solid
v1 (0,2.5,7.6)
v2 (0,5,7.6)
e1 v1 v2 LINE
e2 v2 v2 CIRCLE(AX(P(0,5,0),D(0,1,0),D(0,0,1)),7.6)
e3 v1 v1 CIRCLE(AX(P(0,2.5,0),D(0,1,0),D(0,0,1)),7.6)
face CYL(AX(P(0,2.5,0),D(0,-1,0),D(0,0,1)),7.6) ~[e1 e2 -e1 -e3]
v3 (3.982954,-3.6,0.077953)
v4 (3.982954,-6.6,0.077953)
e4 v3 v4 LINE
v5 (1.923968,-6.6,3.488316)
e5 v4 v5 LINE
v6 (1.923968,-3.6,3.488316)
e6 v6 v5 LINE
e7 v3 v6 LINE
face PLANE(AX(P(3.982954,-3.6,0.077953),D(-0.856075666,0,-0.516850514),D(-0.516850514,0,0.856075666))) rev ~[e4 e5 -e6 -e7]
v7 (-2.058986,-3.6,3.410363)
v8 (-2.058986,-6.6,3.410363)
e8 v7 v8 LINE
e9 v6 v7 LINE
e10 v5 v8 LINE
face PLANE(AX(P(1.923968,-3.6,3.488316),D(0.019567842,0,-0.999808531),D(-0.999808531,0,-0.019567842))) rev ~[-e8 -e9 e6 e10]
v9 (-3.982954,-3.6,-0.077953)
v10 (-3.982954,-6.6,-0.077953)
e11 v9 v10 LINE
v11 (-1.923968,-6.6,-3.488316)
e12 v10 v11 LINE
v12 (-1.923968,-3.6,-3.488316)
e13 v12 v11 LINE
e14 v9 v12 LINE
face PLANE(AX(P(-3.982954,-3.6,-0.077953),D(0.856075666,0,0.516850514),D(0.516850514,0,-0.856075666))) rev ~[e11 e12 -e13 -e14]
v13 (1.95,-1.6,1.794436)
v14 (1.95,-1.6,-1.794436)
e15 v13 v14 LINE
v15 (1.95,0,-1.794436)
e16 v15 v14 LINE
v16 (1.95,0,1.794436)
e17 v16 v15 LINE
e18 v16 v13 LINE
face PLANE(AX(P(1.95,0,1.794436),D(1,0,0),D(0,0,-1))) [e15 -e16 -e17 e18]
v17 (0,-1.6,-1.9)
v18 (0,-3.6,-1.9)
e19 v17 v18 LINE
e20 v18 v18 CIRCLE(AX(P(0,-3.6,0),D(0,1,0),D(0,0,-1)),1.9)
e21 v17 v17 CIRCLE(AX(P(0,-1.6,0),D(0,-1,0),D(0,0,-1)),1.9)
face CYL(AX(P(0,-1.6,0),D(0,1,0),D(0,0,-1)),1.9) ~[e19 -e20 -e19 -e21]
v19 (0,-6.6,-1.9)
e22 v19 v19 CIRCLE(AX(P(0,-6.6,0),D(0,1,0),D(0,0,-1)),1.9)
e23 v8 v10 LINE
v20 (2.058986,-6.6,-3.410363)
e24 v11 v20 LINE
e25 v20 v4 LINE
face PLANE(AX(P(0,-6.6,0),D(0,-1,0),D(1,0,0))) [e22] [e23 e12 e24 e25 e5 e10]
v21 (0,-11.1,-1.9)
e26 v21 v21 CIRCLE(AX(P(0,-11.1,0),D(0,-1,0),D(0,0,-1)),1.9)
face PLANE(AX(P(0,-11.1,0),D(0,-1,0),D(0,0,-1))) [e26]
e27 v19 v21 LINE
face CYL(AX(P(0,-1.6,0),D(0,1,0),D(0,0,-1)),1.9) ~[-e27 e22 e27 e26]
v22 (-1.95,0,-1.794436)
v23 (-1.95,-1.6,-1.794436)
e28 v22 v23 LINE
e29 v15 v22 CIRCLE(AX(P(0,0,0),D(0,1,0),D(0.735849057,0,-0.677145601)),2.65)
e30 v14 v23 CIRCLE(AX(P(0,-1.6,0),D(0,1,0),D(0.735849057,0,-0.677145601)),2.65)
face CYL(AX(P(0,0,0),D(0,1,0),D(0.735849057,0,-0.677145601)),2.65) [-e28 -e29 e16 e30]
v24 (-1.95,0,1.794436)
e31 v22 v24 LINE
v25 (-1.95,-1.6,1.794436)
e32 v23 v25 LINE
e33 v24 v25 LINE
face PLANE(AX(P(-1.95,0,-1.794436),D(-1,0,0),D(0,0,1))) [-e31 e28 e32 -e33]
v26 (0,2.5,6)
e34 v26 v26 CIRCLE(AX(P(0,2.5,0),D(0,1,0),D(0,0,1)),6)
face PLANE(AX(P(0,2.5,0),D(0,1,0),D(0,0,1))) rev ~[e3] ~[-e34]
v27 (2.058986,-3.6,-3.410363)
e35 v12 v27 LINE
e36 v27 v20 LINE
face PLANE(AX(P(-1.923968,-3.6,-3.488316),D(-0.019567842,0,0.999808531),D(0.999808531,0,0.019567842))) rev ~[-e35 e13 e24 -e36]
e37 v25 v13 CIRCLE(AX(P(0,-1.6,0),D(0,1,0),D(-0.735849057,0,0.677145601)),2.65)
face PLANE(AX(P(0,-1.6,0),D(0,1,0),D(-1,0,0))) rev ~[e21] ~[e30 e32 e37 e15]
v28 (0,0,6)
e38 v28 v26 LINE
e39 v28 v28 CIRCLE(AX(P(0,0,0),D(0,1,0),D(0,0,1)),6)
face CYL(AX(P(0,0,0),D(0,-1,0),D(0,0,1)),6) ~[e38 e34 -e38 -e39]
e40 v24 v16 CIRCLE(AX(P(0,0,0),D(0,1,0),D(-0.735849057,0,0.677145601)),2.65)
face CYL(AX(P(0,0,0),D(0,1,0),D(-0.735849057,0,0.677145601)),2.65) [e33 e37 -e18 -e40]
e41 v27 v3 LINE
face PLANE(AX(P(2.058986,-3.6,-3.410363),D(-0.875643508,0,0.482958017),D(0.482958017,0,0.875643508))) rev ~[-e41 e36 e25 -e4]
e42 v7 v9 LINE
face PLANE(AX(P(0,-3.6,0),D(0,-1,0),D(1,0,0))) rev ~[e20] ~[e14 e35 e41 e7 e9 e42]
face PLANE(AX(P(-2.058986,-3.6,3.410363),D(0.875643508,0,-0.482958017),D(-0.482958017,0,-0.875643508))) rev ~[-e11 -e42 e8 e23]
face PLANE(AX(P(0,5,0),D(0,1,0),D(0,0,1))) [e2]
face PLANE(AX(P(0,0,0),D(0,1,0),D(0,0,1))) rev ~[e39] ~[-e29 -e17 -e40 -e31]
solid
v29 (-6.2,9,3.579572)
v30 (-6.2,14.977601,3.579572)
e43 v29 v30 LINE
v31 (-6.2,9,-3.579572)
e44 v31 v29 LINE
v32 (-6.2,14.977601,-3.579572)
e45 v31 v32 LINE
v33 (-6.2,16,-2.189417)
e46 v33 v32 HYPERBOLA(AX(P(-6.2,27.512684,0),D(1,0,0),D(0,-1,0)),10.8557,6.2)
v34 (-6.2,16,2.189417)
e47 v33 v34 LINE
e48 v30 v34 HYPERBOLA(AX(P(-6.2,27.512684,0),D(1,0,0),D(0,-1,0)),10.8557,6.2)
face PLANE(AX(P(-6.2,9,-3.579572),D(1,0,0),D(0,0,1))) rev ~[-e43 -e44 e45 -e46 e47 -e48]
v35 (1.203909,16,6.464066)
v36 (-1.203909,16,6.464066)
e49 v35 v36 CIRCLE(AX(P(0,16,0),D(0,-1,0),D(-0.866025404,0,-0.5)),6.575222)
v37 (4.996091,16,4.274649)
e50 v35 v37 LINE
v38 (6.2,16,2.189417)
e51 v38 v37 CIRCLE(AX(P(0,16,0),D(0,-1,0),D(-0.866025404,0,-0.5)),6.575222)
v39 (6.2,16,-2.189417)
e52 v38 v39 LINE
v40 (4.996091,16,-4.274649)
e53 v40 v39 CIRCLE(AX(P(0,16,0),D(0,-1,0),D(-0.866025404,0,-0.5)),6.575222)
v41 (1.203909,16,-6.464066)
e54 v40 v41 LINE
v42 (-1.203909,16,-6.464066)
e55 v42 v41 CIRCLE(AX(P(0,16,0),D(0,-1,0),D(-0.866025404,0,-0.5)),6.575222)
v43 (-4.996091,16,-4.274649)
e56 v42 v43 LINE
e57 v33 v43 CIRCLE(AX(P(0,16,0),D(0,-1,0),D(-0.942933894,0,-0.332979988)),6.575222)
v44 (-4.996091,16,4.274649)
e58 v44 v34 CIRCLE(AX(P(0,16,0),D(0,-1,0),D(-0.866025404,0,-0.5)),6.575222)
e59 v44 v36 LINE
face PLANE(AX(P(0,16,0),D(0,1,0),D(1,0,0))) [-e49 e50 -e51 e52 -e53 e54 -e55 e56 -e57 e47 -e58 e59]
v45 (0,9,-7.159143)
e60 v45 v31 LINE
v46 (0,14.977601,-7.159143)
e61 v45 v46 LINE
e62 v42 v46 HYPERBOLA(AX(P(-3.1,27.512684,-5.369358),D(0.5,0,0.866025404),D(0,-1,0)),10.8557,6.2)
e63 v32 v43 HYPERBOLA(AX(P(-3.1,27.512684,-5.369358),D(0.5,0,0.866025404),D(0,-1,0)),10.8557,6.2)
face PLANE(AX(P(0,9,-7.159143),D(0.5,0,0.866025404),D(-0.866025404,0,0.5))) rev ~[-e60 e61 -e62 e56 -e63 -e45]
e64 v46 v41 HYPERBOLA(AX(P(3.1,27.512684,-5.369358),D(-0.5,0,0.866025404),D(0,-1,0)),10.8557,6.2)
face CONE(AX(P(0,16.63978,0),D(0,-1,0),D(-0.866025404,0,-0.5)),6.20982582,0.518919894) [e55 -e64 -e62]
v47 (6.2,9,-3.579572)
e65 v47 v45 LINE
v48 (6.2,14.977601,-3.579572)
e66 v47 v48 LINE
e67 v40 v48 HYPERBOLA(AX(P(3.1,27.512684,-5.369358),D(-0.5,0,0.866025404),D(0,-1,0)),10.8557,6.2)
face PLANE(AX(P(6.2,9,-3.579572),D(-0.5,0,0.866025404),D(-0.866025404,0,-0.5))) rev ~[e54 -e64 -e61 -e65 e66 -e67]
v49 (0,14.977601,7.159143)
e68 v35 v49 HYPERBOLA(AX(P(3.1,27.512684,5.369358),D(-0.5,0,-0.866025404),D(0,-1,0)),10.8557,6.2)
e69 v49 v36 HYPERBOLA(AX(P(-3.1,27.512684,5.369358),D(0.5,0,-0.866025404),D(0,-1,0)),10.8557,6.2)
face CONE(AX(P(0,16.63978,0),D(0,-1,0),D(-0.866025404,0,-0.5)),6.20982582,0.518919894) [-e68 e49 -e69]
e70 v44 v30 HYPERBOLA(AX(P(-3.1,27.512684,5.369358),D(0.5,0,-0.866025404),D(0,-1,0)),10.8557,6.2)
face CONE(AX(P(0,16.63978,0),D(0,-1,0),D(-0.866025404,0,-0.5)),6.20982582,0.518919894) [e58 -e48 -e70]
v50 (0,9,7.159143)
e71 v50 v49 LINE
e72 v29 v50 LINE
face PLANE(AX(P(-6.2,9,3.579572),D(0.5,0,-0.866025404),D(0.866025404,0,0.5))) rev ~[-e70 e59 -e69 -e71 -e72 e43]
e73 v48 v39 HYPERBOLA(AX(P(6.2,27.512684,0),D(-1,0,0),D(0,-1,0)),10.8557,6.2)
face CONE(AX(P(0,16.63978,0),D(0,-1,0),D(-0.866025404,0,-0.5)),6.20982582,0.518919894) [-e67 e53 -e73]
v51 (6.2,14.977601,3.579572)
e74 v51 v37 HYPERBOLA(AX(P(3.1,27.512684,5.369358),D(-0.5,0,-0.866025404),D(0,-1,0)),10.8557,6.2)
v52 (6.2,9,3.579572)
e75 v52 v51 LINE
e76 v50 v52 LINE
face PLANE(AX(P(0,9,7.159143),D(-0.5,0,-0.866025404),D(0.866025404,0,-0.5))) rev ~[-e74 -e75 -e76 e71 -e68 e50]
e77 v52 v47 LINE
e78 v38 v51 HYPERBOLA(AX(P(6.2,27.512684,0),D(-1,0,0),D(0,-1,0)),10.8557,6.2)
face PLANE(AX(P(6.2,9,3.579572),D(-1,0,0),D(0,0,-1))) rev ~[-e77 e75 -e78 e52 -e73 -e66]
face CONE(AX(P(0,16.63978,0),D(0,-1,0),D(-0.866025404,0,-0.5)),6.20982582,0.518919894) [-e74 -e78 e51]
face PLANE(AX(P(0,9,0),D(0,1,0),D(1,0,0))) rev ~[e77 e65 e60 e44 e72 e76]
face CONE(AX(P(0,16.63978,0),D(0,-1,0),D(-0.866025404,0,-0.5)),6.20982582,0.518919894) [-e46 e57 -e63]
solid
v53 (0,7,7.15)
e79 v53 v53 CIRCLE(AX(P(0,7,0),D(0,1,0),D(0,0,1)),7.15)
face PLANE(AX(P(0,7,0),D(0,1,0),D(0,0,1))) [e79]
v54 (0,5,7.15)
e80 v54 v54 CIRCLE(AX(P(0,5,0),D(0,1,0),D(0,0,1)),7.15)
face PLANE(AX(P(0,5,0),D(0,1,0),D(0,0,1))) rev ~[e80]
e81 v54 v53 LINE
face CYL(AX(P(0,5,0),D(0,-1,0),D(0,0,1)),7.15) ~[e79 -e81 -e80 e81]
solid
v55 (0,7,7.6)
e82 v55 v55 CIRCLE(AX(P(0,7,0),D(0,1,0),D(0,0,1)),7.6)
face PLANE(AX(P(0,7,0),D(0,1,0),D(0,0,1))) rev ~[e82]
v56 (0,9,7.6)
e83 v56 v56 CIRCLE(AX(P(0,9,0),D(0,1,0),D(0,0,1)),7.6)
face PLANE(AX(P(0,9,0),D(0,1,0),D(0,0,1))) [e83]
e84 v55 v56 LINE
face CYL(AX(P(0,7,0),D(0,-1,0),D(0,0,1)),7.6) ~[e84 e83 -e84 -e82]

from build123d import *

# Parameters (mm, degrees)
SKETCH_1_R      = 6
EXTRUDE_1_DEPTH = 2.5
SKETCH_2_R      = 7.6
EXTRUDE_2_DEPTH = 2.5
SKETCH_3_R      = 7.15
EXTRUDE_3_DEPTH = 2
SKETCH_4_R      = 7.6
EXTRUDE_4_DEPTH = 2
EXTRUDE_5_DEPTH = 7
EXTRUDE_6_DEPTH = 1.6
SKETCH_9_R      = 1.9
EXTRUDE_7_DEPTH = 9.5
EXTRUDE_START   = 2
EXTRUDE_8_DEPTH = 3


with BuildPart() as part:
    # 草图1 → 凸台-拉伸1 (new body)
    with BuildSketch(Plane(origin=(0, 0, 0), x_dir=(1, 0, 0), z_dir=(0, 1, 0))):
        with Locations(Location((0, 0, 0), (0, 0, 270))):
            Circle(SKETCH_1_R)
    extrude(amount=EXTRUDE_1_DEPTH)

    # 草图2 → 凸台-拉伸2 (add)
    with BuildSketch(Plane(origin=(0, 2.5, 0), x_dir=(1, 0, 0), z_dir=(0, 1, 0))):
        with Locations(Location((0, 0, 0), (0, 0, 270))):
            Circle(SKETCH_2_R)
    extrude(amount=EXTRUDE_2_DEPTH)

    # 草图8 → 凸台-拉伸6 (add)
    with BuildSketch(Plane.XZ):
        with BuildLine():
            Line((1.95, 1.794435844), (1.95, -1.794435844))
            ThreePointArc((1.95, -1.794435844), (0, -2.65), (-1.95, -1.794435844))
            Line((-1.95, -1.794435844), (-1.95, 1.794435844))
            ThreePointArc((-1.95, 1.794435844), (0, 2.65), (1.95, 1.794435844))
        make_face()
    extrude(amount=EXTRUDE_6_DEPTH)

    # 草图9 → 凸台-拉伸7 (add)
    with BuildSketch(Plane.XZ.offset(1.6)):
        with Locations(Location((0, 0, 0), (0, 0, 270))):
            Circle(SKETCH_9_R)
    extrude(amount=EXTRUDE_7_DEPTH)

    # 草图10 → 凸台-拉伸8 (add)
    with BuildSketch(Plane.XZ.offset(1.6).offset(EXTRUDE_START)):
        Polygon((1.923967995, 3.488315805), (-2.058986106, 3.410363062), (-3.982954101, -0.077952742), (-1.923967995, -3.488315805), (2.058986106, -3.410363062), (3.982954101, 0.077952742), align=None)
    extrude(amount=EXTRUDE_8_DEPTH)


with BuildPart() as body_2:
    # 草图3 → 凸台-拉伸3 (new body)
    with BuildSketch(Plane(origin=(0, 5, 0), x_dir=(1, 0, 0), z_dir=(0, 1, 0))):
        with Locations(Location((0, 0, 0), (0, 0, 270))):
            Circle(SKETCH_3_R)
    extrude(amount=EXTRUDE_3_DEPTH)


with BuildPart() as body_3:
    # 草图4 → 凸台-拉伸4 (new body)
    with BuildSketch(Plane(origin=(0, 7, 0), x_dir=(1, 0, 0), z_dir=(0, 1, 0))):
        with Locations(Location((0, 0, 0), (0, 0, 270))):
            Circle(SKETCH_4_R)
    extrude(amount=EXTRUDE_4_DEPTH)


with BuildPart() as body_4:
    # 草图5 → 凸台-拉伸5 (new body)
    with BuildSketch(Plane(origin=(0, 9, 0), x_dir=(1, 0, 0), z_dir=(0, 1, 0))):
        Polygon((0, 7.159143338), (-6.2, 3.579571669), (-6.2, -3.579571669), (0, -7.159143338), (6.2, -3.579571669), (6.2, 3.579571669), align=None)
    extrude(amount=EXTRUDE_5_DEPTH)

    # 草图7 → 切除-旋转2 (revolve, cut)
    with BuildSketch(Plane(origin=(0, 0, 0), x_dir=(0.8660254037844386, 0, 0.5000000000000003), z_dir=(-0.5000000000000002, 0, 0.8660254037844385))):
        Polygon((-6.20982582, 16.639779846), (-7.441584726, 14.4830693), (-8.216009298, 16.639779846), align=None)
    revolve(axis=Axis((0, 16, 0), (0, -1, 0)), mode=Mode.SUBTRACT)


solid = Compound([part.part, body_2.part, body_3.part, body_4.part])
